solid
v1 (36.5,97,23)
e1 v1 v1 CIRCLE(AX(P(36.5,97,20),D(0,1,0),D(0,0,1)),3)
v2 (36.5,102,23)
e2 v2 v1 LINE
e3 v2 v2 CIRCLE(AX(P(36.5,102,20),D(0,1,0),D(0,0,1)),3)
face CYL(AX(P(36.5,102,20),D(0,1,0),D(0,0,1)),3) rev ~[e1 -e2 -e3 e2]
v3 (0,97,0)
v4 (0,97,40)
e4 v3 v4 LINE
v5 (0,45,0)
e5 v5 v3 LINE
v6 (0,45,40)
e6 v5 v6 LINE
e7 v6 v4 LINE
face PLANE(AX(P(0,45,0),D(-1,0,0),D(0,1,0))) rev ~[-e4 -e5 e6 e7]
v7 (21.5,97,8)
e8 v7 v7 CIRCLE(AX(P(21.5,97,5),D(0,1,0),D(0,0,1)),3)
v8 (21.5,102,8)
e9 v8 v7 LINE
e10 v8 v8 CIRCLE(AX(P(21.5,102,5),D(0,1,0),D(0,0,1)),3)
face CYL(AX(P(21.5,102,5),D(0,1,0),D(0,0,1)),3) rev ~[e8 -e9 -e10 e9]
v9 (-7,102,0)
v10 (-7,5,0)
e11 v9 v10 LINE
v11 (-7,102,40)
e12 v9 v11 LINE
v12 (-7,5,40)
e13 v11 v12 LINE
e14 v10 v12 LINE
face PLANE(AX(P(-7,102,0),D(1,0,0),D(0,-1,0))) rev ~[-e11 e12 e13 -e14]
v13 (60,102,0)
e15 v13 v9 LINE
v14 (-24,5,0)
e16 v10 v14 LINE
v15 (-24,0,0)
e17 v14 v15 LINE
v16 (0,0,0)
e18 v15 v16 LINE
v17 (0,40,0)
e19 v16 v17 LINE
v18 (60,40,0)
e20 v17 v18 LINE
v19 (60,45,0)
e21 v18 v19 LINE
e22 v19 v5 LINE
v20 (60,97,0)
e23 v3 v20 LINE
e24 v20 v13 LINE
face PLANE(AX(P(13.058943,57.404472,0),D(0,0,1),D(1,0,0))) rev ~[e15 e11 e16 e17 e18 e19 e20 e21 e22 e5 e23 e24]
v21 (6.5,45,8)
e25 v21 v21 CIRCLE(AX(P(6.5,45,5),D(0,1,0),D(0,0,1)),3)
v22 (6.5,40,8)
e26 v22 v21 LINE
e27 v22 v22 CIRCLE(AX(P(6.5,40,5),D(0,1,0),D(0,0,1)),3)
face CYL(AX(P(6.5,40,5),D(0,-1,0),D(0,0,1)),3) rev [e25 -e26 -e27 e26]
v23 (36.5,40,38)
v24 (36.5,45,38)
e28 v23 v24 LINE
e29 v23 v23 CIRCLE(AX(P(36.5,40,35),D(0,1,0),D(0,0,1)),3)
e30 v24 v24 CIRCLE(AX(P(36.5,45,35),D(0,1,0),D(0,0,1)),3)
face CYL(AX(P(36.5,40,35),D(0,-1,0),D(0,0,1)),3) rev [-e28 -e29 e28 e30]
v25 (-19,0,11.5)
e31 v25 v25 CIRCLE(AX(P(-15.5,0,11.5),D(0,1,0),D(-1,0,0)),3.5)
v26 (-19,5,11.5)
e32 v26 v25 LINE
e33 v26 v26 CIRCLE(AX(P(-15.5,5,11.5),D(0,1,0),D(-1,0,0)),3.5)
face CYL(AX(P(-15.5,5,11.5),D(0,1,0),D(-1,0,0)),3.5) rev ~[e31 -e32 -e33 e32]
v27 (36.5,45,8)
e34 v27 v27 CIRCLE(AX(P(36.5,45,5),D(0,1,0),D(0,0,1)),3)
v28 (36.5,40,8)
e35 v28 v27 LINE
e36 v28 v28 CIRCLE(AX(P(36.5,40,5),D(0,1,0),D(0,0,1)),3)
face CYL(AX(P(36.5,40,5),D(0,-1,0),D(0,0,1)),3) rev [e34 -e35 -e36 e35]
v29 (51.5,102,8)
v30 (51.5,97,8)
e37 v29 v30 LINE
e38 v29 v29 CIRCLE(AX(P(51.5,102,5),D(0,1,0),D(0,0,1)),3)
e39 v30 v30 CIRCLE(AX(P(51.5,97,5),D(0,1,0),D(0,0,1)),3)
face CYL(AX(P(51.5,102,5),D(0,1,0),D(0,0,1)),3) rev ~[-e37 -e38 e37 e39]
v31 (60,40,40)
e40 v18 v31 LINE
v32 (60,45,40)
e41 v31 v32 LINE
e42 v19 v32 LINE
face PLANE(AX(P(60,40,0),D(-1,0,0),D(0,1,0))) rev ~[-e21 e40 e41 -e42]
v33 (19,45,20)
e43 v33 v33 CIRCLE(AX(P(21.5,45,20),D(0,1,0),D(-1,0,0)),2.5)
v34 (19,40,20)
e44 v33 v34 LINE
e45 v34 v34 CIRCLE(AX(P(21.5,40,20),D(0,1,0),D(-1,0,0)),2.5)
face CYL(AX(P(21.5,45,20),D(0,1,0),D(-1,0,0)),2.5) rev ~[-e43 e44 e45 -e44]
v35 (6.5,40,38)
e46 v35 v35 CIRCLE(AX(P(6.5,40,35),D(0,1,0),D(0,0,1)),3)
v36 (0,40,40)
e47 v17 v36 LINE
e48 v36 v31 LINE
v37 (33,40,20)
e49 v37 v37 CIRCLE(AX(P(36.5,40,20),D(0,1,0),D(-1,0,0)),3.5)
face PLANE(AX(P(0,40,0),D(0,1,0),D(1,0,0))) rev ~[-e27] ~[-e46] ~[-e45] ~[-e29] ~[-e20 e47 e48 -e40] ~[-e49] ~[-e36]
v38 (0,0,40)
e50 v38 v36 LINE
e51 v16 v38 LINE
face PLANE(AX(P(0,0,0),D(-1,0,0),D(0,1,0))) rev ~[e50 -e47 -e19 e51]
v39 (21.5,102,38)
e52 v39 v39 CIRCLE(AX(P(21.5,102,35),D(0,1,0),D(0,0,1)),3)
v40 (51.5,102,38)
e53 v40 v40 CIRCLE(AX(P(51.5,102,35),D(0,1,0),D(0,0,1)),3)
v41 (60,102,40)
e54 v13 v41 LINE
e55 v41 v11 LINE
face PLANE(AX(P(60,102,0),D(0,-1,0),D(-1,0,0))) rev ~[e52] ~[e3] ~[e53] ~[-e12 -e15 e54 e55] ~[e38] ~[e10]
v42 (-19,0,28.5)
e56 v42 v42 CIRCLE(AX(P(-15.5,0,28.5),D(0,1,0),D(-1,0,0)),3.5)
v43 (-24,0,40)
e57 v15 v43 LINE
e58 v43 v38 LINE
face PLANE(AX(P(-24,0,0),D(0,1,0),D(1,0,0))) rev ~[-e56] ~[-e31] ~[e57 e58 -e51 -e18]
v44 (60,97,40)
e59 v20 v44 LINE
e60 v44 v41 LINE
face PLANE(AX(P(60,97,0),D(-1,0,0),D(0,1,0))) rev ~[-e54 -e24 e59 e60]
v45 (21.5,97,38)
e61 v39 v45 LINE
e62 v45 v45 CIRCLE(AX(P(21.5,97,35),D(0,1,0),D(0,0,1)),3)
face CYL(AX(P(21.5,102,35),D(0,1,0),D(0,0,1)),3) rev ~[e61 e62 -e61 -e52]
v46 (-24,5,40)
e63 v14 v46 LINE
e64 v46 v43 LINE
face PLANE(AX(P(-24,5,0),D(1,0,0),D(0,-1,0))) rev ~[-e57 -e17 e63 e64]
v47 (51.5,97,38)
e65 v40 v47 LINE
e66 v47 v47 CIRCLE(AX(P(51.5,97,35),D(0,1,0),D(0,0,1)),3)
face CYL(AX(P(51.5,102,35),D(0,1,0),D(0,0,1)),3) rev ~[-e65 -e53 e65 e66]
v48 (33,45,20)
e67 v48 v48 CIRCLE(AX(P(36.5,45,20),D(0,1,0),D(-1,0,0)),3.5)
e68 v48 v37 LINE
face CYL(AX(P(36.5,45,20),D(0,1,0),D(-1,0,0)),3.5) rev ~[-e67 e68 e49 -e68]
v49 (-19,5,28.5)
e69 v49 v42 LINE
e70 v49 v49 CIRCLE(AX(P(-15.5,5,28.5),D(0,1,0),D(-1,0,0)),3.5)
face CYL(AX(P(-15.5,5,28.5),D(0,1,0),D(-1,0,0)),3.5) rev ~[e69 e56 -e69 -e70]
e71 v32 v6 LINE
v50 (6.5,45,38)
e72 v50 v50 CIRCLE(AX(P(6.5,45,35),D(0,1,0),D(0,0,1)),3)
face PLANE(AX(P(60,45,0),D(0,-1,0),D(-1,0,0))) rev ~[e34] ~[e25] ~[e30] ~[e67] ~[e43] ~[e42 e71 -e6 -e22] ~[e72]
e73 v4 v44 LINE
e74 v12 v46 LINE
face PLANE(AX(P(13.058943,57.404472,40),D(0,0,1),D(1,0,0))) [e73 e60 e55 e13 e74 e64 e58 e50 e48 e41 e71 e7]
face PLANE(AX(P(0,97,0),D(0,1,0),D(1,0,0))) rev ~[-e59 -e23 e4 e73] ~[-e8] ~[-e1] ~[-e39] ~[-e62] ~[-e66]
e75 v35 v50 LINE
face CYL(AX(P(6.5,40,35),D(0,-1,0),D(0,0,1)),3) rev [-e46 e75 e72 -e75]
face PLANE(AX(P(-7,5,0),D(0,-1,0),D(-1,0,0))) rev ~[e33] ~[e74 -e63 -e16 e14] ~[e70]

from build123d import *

# Parameters (mm, degrees)
SALIENTE_EXTRUIR1_DEPTH = 40
CORTAR_EXTRUIR1_REACH   = 122.868
CROQUIS2_R              = 3.5
CORTAR_EXTRUIR4_START   = -62
CROQUIS3_R              = 3
CORTAR_EXTRUIR4_DEPTH   = 5
CORTAR_EXTRUIR3_REACH   = 93.918
CROQUIS4_R              = 2.5
CROQUIS4_R_2            = 3.5
CORTAR_EXTRUIR5_REACH   = 126.916
CROQUIS5_R              = 3


with BuildPart() as part:
    # Croquis1 → Saliente-Extruir1 (new body)
    with BuildSketch(Plane.XY):
        Polygon((0, 0), (0, 40), (60, 40), (60, 45), (0, 45), (0, 97), (60, 97), (60, 102), (-7, 102), (-7, 5), (-24, 5), (-24, 0), align=None)
    extrude(amount=SALIENTE_EXTRUIR1_DEPTH)

    # Croquis2 → Cortar-Extruir1 (cut, up to next)
    with BuildSketch(Plane(origin=(0, 5, 0), x_dir=(1, 0, 0), z_dir=(0, 1, 0)), mode=Mode.PRIVATE) as cortar_extruir1_sk1:
        with Locations(Location((-15.5, -11.5, 0), (0, 0, 180))):
            Circle(CROQUIS2_R)
    cortar_extruir1_tool1 = extrude(cortar_extruir1_sk1.sketch, amount=-CORTAR_EXTRUIR1_REACH, mode=Mode.PRIVATE) & part.part
    # Croquis2 → Cortar-Extruir1 (cut, up to next)
    with BuildSketch(Plane(origin=(0, 5, 0), x_dir=(1, 0, 0), z_dir=(0, 1, 0)), mode=Mode.PRIVATE) as cortar_extruir1_sk2:
        with Locations(Location((-15.5, -28.5, 0), (0, 0, 180))):
            Circle(CROQUIS2_R)
    cortar_extruir1_tool2 = extrude(cortar_extruir1_sk2.sketch, amount=-CORTAR_EXTRUIR1_REACH, mode=Mode.PRIVATE) & part.part
    add(cortar_extruir1_tool1.solids().sort_by_distance((-15.5, 5, 11.5))[0], mode=Mode.SUBTRACT)
    add(cortar_extruir1_tool2.solids().sort_by_distance((-15.5, 5, 28.5))[0], mode=Mode.SUBTRACT)

    # Croquis3 → Cortar-Extruir4 (cut)
    with BuildSketch(Plane(origin=(0, 102, 0), x_dir=(1, 0, 0), z_dir=(0, 1, 0)).offset(CORTAR_EXTRUIR4_START)):
        with Locations(Location((6.5, -5, 0), (0, 0, 270))):
            Circle(CROQUIS3_R)
        with Locations(Location((36.5, -5, 0), (0, 0, 270))):
            Circle(CROQUIS3_R)
        with Locations(Location((6.5, -35, 0), (0, 0, 270))):
            Circle(CROQUIS3_R)
        with Locations(Location((36.5, -35, 0), (0, 0, 270))):
            Circle(CROQUIS3_R)
    extrude(amount=CORTAR_EXTRUIR4_DEPTH, mode=Mode.SUBTRACT)

    # Croquis4 → Cortar-Extruir3 (cut, up to next)
    with BuildSketch(Plane(origin=(0, 45, 0), x_dir=(1, 0, 0), z_dir=(0, 1, 0)), mode=Mode.PRIVATE) as cortar_extruir3_sk1:
        with Locations(Location((21.5, -20, 0), (0, 0, 180))):
            Circle(CROQUIS4_R)
    cortar_extruir3_tool1 = extrude(cortar_extruir3_sk1.sketch, amount=-CORTAR_EXTRUIR3_REACH, mode=Mode.PRIVATE) & part.part
    # Croquis4 → Cortar-Extruir3 (cut, up to next)
    with BuildSketch(Plane(origin=(0, 45, 0), x_dir=(1, 0, 0), z_dir=(0, 1, 0)), mode=Mode.PRIVATE) as cortar_extruir3_sk2:
        with Locations(Location((36.5, -20, 0), (0, 0, 180))):
            Circle(CROQUIS4_R_2)
    cortar_extruir3_tool2 = extrude(cortar_extruir3_sk2.sketch, amount=-CORTAR_EXTRUIR3_REACH, mode=Mode.PRIVATE) & part.part
    add(cortar_extruir3_tool1.solids().sort_by_distance((21.5, 45, 20))[0], mode=Mode.SUBTRACT)
    add(cortar_extruir3_tool2.solids().sort_by_distance((36.5, 45, 20))[0], mode=Mode.SUBTRACT)

    # Croquis5 → Cortar-Extruir5 (cut, up to next)
    with BuildSketch(Plane(origin=(0, 102, 0), x_dir=(1, 0, 0), z_dir=(0, 1, 0)), mode=Mode.PRIVATE) as cortar_extruir5_sk1:
        with Locations(Location((21.5, -5, 0), (0, 0, 270))):
            Circle(CROQUIS5_R)
    cortar_extruir5_tool1 = extrude(cortar_extruir5_sk1.sketch, amount=-CORTAR_EXTRUIR5_REACH, mode=Mode.PRIVATE) & part.part
    # Croquis5 → Cortar-Extruir5 (cut, up to next)
    with BuildSketch(Plane(origin=(0, 102, 0), x_dir=(1, 0, 0), z_dir=(0, 1, 0)), mode=Mode.PRIVATE) as cortar_extruir5_sk2:
        with Locations(Location((51.5, -5, 0), (0, 0, 270))):
            Circle(CROQUIS5_R)
    cortar_extruir5_tool2 = extrude(cortar_extruir5_sk2.sketch, amount=-CORTAR_EXTRUIR5_REACH, mode=Mode.PRIVATE) & part.part
    # Croquis5 → Cortar-Extruir5 (cut, up to next)
    with BuildSketch(Plane(origin=(0, 102, 0), x_dir=(1, 0, 0), z_dir=(0, 1, 0)), mode=Mode.PRIVATE) as cortar_extruir5_sk3:
        with Locations(Location((21.5, -35, 0), (0, 0, 270))):
            Circle(CROQUIS5_R)
    cortar_extruir5_tool3 = extrude(cortar_extruir5_sk3.sketch, amount=-CORTAR_EXTRUIR5_REACH, mode=Mode.PRIVATE) & part.part
    # Croquis5 → Cortar-Extruir5 (cut, up to next)
    with BuildSketch(Plane(origin=(0, 102, 0), x_dir=(1, 0, 0), z_dir=(0, 1, 0)), mode=Mode.PRIVATE) as cortar_extruir5_sk4:
        with Locations(Location((51.5, -35, 0), (0, 0, 270))):
            Circle(CROQUIS5_R)
    cortar_extruir5_tool4 = extrude(cortar_extruir5_sk4.sketch, amount=-CORTAR_EXTRUIR5_REACH, mode=Mode.PRIVATE) & part.part
    # Croquis5 → Cortar-Extruir5 (cut, up to next)
    with BuildSketch(Plane(origin=(0, 102, 0), x_dir=(1, 0, 0), z_dir=(0, 1, 0)), mode=Mode.PRIVATE) as cortar_extruir5_sk5:
        with Locations(Location((36.5, -20, 0), (0, 0, 270))):
            Circle(CROQUIS5_R)
    cortar_extruir5_tool5 = extrude(cortar_extruir5_sk5.sketch, amount=-CORTAR_EXTRUIR5_REACH, mode=Mode.PRIVATE) & part.part
    add(cortar_extruir5_tool1.solids().sort_by_distance((21.5, 102, 5))[0], mode=Mode.SUBTRACT)
    add(cortar_extruir5_tool2.solids().sort_by_distance((51.5, 102, 5))[0], mode=Mode.SUBTRACT)
    add(cortar_extruir5_tool3.solids().sort_by_distance((21.5, 102, 35))[0], mode=Mode.SUBTRACT)
    add(cortar_extruir5_tool4.solids().sort_by_distance((51.5, 102, 35))[0], mode=Mode.SUBTRACT)
    add(cortar_extruir5_tool5.solids().sort_by_distance((36.5, 102, 20))[0], mode=Mode.SUBTRACT)


solid = part.part
